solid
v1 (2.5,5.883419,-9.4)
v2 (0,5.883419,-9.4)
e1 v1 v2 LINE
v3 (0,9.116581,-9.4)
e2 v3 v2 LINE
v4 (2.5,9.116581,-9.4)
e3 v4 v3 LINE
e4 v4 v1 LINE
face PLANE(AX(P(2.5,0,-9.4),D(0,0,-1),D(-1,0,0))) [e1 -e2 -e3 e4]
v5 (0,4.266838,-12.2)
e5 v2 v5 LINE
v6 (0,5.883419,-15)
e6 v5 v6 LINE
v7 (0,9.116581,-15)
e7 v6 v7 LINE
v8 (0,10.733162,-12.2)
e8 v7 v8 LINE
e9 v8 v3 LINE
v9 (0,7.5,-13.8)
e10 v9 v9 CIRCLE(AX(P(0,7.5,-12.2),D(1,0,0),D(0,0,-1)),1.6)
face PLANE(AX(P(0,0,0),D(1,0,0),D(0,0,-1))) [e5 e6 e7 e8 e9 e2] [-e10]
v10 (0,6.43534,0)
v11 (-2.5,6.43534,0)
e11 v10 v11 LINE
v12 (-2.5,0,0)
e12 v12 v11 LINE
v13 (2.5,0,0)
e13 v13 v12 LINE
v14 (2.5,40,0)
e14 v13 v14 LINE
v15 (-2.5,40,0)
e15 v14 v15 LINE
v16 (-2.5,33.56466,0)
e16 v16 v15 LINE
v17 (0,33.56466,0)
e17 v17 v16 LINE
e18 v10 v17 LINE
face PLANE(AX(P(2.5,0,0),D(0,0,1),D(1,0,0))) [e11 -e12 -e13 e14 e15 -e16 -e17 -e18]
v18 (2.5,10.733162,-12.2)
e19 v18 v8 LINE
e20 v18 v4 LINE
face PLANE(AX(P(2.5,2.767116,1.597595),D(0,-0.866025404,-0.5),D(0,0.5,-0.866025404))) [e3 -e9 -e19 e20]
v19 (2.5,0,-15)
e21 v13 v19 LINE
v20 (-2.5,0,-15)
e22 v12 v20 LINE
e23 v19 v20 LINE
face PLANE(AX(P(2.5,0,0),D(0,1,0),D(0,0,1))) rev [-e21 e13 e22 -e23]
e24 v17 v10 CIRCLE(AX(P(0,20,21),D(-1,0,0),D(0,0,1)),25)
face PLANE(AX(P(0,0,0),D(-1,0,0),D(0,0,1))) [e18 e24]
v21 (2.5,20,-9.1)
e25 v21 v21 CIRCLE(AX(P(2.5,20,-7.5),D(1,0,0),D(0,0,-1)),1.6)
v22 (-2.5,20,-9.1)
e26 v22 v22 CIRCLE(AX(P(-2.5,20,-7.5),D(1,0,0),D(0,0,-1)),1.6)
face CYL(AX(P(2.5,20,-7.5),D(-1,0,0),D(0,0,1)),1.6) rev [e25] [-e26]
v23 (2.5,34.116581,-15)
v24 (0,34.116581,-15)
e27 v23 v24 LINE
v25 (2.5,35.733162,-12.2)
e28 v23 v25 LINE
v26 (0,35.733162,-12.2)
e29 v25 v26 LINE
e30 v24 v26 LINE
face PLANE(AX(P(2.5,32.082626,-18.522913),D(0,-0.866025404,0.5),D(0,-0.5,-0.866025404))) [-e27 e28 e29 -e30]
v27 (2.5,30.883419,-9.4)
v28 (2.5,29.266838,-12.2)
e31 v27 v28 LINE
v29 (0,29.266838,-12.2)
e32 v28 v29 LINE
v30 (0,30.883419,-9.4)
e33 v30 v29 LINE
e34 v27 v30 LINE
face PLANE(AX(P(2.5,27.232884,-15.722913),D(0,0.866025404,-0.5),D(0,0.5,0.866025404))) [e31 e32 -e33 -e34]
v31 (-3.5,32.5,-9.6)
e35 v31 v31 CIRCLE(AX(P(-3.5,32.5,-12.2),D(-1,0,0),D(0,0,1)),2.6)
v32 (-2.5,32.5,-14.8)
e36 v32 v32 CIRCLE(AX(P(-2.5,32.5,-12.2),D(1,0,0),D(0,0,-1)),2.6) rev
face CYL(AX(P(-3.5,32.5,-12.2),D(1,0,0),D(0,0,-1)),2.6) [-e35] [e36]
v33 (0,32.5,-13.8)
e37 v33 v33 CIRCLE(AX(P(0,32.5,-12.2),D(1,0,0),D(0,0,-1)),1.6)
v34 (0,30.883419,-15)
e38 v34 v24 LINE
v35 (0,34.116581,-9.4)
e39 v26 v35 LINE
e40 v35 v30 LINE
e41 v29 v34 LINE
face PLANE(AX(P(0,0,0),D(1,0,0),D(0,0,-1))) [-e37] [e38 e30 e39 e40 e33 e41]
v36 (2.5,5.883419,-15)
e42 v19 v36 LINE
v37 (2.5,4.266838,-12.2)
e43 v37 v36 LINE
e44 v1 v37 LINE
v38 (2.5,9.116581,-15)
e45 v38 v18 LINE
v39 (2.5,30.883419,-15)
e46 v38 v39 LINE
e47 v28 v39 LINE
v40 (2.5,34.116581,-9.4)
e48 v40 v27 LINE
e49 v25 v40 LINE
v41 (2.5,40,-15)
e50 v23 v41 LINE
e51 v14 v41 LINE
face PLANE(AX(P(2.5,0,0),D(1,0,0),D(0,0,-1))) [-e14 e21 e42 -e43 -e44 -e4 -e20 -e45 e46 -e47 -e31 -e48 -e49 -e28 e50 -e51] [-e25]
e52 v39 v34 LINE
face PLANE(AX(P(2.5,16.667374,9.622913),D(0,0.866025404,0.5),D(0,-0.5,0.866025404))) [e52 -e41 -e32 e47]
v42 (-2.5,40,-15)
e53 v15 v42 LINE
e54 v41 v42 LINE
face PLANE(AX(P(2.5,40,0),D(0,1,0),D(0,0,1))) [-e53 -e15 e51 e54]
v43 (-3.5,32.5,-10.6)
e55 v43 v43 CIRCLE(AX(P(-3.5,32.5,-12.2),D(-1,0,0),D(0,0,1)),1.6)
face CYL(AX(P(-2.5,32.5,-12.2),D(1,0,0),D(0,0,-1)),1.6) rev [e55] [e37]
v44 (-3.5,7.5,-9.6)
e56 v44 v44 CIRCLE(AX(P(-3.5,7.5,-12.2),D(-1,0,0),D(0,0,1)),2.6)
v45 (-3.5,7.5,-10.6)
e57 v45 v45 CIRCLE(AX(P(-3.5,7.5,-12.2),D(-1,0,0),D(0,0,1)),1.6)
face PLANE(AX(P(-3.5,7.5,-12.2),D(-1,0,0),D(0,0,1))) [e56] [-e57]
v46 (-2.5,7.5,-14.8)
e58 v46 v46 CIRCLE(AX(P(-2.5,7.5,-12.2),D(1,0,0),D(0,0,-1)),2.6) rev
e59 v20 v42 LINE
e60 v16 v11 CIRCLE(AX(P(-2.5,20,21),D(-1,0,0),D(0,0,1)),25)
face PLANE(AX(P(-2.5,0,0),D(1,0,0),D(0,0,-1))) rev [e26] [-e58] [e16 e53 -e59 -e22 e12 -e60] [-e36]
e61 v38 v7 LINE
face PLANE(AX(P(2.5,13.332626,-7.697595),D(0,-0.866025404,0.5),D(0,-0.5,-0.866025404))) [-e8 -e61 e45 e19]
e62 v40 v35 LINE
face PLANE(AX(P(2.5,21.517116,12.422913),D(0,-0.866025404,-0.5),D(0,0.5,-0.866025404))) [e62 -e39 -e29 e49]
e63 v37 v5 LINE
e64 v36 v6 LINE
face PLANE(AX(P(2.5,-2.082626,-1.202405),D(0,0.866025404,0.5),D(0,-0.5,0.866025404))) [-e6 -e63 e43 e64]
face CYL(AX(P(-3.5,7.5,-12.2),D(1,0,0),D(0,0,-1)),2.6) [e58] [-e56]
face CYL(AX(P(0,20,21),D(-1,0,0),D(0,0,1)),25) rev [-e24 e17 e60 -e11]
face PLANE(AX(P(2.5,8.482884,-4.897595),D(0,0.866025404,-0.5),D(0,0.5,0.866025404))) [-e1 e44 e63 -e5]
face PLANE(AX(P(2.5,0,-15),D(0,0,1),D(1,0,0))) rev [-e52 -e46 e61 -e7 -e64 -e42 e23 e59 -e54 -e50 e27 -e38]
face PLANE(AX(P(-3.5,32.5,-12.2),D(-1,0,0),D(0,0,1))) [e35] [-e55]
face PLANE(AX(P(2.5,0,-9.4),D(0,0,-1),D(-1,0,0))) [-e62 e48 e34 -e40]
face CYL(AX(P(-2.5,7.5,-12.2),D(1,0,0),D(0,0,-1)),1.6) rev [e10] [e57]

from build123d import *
from build123d.topology import SkipClean

# Parameters (mm, degrees)
SKETCH1_R           = 1.6
BOSS_EXTRUDE1_DEPTH = 2.5
BOSS_EXTRUDE2_START = -2.5
SKETCH1_3_W         = 15
SKETCH1_3_H         = 40
SKETCH1_3_R         = 1.6
BOSS_EXTRUDE2_DEPTH = 2.5
EXTRUDE_THIN1_START = 1
SKETCH2_R           = 2.6
SKETCH2_R_2         = 1.6
EXTRUDE_THIN1_DEPTH = 1
CUT_EXTRUDE1_DEPTH  = 2.5


with BuildPart() as part:
    # Sketch1 → Boss-Extrude1 (new body)
    with BuildSketch(Plane(origin=(0, 0, 0), x_dir=(0, 0, -1), z_dir=(1, 0, 0))):
        Polygon((15, 40), (0, 40), (0, 0), (15, 0), (15, 5.883419246), (12.2, 4.266838493), (9.4, 5.883419246), (9.4, 9.116580754), (12.2, 10.733161507), (15, 9.116580754), (15, 30.883419246), (12.2, 29.266838493), (9.4, 30.883419246), (9.4, 34.116580754), (12.2, 35.733161507), (15, 34.116580754), align=None)
        with Locations((7.5, 20)):
            Circle(SKETCH1_R, mode=Mode.SUBTRACT)
    extrude(amount=BOSS_EXTRUDE1_DEPTH)

    # Sketch1<3> → Boss-Extrude2 (add)
    with BuildSketch(Plane(origin=(0, 0, 0), x_dir=(0, 0, -1), z_dir=(1, 0, 0)).offset(BOSS_EXTRUDE2_START)):
        with Locations((7.5, 20)):
            Rectangle(SKETCH1_3_W, SKETCH1_3_H)
        with Locations((7.5, 20)):
            Circle(SKETCH1_3_R, mode=Mode.SUBTRACT)
        with Locations((12.2, 32.5)):
            Circle(SKETCH1_3_R, mode=Mode.SUBTRACT)
        with Locations((12.2, 7.5)):
            Circle(SKETCH1_3_R, mode=Mode.SUBTRACT)
    extrude(amount=BOSS_EXTRUDE2_DEPTH)

    # Sketch2 → Extrude-Thin1 (add)
    # profile 1 of 2: a face of its own
    with SkipClean():  # the faces are left unmerged after this step: merging them gives an invalid solid
        with BuildSketch(Plane.ZY.offset(2.5).offset(EXTRUDE_THIN1_START)):
            with Locations((-12.2, 7.5)):
                Circle(SKETCH2_R)
            with Locations((-12.2, 7.5)):
                Circle(SKETCH2_R_2, mode=Mode.SUBTRACT)
        # profile 2 of 2: a face of its own
        with BuildSketch(Plane.ZY.offset(2.5).offset(EXTRUDE_THIN1_START)):
            with Locations((-12.2, 32.5)):
                Circle(SKETCH2_R)
            with Locations((-12.2, 32.5)):
                Circle(SKETCH2_R_2, mode=Mode.SUBTRACT)
        extrude(amount=-EXTRUDE_THIN1_DEPTH)

    # Sketch3 → Cut-Extrude1 (cut)
    with SkipClean():  # the faces are left unmerged after this step: merging them gives an invalid solid
        with BuildSketch(Plane.ZY.offset(2.5)):
            with BuildLine():
                ThreePointArc((0, 33.564659966), (-4, 20), (0, 6.435340034))
                Line((0, 6.435340034), (0, 33.564659966))
            make_face()
        extrude(amount=-CUT_EXTRUDE1_DEPTH, mode=Mode.SUBTRACT)


solid = part.part
